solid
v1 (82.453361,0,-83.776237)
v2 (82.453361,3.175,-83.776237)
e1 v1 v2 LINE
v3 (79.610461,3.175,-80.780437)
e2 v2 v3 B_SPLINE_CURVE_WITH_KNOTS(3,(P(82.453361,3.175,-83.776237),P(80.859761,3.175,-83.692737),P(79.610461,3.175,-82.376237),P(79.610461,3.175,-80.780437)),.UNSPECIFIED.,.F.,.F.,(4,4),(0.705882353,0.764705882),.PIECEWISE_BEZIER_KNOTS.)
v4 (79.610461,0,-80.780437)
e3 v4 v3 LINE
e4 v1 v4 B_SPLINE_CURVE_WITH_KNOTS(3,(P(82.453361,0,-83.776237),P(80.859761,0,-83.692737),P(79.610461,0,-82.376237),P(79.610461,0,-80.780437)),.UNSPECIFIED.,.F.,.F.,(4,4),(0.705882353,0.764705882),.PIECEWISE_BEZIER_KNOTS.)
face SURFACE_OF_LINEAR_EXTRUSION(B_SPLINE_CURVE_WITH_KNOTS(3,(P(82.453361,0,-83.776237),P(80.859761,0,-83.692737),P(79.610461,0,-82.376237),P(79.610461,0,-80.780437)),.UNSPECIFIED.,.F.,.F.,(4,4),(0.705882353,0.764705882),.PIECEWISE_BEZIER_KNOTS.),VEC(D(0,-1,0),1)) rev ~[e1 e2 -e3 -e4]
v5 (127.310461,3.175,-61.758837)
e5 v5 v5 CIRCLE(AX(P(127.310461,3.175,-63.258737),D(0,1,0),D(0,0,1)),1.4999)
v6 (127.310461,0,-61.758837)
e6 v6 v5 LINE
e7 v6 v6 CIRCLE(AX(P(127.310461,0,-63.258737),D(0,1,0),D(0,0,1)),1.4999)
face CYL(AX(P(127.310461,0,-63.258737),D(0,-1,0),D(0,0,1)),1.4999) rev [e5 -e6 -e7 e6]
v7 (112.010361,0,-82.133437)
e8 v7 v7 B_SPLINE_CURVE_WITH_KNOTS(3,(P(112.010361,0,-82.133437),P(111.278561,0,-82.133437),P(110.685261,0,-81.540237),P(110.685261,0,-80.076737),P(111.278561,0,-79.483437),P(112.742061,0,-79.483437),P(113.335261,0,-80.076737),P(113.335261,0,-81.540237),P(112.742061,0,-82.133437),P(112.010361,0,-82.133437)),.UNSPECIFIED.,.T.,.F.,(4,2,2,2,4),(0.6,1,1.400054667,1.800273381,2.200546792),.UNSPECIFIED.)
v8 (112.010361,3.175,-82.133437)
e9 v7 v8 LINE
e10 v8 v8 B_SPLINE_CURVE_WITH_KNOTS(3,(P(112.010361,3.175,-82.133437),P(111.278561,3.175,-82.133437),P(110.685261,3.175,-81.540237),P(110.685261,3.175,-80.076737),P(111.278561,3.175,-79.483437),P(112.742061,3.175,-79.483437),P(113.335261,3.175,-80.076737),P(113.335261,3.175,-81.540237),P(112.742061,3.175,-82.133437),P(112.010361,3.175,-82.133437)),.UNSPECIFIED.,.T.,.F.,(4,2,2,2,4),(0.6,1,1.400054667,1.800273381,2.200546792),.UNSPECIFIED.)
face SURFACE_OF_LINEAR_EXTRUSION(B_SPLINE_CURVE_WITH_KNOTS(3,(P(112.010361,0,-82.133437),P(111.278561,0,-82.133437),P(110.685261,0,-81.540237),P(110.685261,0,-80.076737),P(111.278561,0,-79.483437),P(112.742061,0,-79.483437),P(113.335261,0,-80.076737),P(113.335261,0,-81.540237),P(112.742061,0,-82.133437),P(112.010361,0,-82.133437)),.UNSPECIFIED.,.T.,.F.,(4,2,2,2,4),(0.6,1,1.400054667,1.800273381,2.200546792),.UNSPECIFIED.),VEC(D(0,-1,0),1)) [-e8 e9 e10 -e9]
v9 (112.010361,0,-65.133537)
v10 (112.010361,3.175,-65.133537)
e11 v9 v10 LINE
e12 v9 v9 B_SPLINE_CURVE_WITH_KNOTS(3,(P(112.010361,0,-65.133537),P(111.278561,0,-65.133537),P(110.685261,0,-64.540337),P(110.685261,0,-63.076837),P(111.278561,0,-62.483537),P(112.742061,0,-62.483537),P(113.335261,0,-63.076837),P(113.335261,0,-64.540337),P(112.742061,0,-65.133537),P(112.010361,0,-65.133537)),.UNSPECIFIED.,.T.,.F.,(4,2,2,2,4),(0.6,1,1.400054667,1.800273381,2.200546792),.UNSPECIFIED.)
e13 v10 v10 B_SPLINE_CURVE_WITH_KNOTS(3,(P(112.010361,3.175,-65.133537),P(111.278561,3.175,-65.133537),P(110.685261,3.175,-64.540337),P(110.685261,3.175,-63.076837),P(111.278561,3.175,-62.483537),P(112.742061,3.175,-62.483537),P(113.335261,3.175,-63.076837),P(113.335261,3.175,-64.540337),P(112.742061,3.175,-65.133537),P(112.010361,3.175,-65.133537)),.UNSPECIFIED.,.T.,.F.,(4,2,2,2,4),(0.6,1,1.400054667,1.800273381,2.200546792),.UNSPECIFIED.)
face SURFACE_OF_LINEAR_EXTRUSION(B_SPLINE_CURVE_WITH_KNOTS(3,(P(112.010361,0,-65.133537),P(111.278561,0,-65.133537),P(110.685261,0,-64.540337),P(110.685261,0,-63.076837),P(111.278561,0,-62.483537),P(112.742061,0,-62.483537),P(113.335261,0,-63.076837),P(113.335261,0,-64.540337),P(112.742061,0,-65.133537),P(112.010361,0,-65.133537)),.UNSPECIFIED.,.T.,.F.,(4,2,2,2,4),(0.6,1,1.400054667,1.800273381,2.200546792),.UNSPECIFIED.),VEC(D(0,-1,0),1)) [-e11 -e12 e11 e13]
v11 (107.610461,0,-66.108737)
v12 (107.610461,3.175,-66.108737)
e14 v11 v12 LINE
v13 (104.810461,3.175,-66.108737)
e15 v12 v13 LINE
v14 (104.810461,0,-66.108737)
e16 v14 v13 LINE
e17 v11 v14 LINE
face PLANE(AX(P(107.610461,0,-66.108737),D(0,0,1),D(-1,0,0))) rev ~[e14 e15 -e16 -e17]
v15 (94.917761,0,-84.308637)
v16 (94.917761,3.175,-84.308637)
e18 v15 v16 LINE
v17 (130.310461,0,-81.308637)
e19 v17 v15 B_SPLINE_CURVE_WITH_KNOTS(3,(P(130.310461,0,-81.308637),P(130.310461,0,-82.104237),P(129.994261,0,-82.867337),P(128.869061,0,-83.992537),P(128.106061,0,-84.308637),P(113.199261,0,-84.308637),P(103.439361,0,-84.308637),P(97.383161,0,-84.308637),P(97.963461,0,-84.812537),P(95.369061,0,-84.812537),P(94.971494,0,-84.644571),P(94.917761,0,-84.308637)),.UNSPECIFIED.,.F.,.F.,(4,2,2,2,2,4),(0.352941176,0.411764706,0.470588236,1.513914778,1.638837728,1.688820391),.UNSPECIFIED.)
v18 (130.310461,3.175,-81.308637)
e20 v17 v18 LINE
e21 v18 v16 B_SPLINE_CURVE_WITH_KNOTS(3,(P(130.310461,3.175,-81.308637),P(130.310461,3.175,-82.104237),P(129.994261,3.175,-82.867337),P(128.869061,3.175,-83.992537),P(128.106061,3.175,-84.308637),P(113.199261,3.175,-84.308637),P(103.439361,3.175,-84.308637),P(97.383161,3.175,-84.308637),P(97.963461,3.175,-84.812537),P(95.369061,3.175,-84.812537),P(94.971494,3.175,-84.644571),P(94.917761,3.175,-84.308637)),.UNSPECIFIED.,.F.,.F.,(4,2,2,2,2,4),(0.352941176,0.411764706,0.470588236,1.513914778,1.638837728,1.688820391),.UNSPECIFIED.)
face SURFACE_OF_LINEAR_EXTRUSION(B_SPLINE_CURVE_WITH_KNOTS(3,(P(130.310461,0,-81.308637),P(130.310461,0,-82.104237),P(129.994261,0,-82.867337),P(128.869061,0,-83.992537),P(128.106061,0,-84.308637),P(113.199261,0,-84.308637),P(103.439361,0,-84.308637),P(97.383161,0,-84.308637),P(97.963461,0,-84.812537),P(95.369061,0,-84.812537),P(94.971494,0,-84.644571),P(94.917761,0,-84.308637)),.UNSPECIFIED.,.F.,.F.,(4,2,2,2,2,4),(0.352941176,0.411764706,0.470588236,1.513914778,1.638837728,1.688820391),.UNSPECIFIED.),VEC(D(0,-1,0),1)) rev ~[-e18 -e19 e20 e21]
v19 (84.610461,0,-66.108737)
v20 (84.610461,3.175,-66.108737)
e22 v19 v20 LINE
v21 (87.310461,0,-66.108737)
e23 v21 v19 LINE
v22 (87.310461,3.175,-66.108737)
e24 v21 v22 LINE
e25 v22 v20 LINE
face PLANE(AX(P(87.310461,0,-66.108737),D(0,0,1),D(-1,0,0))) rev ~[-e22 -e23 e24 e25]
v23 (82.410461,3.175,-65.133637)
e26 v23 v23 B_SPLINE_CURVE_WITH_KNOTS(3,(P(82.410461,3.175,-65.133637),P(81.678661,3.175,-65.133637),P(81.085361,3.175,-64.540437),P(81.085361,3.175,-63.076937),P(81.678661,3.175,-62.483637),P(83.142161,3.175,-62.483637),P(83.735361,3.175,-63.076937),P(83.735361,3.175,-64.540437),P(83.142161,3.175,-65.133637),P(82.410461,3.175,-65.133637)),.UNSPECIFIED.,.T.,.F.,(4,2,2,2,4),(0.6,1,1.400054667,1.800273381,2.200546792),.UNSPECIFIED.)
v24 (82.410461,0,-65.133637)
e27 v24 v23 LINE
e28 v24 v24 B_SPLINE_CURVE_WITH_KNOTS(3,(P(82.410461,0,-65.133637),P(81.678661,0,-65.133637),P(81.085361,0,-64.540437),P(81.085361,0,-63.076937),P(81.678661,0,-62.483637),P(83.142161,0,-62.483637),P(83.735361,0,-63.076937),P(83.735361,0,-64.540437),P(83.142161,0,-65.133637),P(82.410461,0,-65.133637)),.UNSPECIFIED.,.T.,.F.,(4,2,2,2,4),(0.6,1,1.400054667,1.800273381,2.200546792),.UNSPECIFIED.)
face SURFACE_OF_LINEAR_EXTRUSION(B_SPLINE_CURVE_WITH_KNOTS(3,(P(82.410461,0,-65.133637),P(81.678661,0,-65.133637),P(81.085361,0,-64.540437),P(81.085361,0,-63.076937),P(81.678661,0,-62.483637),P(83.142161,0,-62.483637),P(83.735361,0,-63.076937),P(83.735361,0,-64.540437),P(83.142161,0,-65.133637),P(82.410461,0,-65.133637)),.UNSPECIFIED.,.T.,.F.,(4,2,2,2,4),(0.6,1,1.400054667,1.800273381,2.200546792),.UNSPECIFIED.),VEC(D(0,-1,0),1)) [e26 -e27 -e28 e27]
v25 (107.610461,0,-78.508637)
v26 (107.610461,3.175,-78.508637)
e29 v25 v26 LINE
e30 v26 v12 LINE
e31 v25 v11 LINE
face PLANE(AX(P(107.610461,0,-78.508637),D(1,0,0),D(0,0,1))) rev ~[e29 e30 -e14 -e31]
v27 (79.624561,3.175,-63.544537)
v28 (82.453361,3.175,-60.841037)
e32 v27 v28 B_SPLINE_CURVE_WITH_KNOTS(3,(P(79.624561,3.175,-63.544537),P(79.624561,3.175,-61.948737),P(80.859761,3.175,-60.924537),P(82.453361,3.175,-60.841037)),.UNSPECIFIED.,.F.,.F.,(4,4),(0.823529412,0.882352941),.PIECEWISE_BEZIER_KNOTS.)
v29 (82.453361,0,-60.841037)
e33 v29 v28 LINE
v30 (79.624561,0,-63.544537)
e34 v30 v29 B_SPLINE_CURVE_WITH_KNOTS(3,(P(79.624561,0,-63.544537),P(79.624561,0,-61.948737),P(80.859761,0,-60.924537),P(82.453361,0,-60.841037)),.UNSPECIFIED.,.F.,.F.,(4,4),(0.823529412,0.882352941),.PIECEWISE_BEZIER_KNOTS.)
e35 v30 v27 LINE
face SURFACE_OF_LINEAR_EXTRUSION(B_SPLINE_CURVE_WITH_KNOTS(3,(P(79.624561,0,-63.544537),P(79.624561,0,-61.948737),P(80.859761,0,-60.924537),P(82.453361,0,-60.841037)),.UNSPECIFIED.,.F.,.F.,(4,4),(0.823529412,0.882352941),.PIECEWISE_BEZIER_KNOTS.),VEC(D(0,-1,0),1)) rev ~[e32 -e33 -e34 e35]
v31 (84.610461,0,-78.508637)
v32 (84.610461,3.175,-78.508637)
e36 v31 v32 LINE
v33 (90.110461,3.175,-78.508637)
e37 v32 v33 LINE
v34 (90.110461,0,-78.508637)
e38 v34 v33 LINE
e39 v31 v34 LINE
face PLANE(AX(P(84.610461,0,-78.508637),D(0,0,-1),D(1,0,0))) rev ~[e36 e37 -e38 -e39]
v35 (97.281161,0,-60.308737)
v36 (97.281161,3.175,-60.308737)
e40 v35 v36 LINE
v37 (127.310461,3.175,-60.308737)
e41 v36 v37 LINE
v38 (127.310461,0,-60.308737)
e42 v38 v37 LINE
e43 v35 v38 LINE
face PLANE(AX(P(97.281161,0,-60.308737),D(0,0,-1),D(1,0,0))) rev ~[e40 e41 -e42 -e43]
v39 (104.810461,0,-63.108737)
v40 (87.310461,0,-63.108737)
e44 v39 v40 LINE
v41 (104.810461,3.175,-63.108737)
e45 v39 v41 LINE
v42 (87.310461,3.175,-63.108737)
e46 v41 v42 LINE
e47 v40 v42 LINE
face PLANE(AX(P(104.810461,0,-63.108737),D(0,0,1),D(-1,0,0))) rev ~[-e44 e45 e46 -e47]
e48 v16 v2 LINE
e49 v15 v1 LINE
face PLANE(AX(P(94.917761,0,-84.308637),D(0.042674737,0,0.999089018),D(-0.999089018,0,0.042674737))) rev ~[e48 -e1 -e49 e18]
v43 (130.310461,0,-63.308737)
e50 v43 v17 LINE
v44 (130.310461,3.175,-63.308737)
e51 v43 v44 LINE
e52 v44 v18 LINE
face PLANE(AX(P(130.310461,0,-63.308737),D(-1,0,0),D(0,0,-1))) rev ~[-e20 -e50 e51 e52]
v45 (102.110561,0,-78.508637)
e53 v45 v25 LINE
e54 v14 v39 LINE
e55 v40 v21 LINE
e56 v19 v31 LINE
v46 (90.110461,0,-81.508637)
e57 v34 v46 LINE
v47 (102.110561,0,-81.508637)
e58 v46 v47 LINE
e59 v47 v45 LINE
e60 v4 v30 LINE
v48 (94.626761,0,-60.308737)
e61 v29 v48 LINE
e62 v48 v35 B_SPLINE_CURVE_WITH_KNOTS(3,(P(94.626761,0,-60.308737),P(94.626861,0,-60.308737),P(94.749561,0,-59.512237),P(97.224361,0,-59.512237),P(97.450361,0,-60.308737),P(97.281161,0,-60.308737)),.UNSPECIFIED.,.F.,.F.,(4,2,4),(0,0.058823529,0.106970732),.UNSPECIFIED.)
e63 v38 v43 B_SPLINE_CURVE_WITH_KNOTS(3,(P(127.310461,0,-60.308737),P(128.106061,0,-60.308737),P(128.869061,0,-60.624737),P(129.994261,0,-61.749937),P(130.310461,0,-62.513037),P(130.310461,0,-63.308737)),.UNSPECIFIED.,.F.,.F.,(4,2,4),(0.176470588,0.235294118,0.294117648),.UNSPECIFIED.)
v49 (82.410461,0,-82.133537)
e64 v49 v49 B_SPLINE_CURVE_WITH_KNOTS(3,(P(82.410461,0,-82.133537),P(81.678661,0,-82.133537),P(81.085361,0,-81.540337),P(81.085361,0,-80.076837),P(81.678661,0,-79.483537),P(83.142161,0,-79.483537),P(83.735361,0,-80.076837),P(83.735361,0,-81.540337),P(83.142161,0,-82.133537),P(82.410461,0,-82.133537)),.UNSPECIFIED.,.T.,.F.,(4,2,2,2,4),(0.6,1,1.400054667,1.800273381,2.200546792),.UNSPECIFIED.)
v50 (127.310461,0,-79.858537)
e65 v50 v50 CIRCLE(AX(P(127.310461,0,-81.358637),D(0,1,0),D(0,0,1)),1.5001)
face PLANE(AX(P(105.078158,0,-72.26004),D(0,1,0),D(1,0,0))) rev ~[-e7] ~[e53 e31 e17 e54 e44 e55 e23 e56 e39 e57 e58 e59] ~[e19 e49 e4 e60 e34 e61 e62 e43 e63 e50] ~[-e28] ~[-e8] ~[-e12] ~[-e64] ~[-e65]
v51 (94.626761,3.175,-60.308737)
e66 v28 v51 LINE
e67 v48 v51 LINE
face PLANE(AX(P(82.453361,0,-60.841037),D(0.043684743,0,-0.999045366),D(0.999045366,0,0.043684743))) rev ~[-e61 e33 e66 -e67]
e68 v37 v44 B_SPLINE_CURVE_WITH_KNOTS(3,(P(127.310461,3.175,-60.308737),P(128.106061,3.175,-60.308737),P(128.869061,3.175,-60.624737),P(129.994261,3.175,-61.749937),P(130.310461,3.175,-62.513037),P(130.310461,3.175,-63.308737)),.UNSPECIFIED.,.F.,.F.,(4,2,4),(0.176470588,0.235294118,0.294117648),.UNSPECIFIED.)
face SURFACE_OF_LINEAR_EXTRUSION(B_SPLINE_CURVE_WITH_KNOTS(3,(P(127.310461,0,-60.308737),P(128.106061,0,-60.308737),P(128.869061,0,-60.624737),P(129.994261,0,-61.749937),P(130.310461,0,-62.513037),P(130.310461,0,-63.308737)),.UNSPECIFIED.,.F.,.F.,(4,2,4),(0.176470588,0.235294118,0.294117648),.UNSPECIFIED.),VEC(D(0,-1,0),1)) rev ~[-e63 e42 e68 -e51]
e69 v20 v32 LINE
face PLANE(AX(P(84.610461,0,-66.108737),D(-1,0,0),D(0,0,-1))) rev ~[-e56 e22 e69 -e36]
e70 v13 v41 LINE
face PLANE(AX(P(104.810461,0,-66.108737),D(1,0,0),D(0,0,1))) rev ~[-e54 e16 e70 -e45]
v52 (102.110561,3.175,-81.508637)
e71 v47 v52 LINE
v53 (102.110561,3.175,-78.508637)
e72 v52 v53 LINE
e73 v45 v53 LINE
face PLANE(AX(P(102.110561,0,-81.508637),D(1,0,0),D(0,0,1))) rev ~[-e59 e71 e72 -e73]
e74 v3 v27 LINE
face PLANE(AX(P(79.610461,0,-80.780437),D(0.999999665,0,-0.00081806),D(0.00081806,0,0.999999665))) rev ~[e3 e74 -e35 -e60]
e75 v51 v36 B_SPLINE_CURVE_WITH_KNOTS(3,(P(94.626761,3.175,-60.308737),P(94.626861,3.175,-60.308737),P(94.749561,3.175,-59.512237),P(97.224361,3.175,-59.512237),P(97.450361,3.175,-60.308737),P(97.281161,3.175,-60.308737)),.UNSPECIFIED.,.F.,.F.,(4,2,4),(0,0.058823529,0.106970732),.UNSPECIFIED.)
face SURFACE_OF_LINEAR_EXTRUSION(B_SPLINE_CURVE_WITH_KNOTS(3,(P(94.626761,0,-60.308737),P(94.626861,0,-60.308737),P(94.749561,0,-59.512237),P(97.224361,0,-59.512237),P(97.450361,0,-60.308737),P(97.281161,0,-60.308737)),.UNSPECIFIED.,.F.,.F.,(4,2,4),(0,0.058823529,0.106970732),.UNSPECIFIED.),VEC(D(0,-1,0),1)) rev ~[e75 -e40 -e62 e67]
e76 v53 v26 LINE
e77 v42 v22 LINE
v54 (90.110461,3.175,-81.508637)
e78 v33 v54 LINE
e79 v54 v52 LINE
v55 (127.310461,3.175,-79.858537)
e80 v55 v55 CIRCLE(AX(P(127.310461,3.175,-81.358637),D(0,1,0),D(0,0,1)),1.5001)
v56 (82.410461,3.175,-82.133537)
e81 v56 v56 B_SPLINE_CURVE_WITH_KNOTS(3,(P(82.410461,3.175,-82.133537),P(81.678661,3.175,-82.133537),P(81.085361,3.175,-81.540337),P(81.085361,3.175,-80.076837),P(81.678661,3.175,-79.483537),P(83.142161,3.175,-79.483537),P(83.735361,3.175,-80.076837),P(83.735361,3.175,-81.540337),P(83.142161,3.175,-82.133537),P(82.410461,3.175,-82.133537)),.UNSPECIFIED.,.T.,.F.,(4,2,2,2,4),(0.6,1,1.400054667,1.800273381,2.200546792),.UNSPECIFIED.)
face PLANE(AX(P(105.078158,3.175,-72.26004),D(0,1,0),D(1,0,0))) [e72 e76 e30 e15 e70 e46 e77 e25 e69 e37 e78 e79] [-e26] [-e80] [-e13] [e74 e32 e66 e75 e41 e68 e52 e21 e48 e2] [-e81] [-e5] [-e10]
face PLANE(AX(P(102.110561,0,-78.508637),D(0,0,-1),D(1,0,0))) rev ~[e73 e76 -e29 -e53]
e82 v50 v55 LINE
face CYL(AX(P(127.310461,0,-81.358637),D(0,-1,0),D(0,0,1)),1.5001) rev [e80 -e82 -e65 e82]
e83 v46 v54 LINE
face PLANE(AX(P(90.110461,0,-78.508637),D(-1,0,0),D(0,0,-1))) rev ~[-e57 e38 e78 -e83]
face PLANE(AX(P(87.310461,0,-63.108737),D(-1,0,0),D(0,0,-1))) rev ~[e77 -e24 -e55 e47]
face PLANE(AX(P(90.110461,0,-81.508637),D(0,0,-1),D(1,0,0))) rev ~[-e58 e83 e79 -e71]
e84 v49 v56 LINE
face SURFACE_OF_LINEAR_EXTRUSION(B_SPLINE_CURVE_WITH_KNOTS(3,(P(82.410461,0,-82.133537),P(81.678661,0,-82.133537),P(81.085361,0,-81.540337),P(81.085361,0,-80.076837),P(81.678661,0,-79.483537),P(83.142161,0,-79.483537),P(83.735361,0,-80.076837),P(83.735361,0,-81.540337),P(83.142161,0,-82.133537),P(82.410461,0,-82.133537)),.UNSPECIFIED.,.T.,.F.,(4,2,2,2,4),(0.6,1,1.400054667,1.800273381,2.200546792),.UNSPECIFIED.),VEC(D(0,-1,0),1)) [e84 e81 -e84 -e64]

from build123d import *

# Parameters (mm, degrees)
SKETCH2_R           = 1.5001
SKETCH2_R_2         = 1.4999
BOSS_EXTRUDE1_DEPTH = 3.175


with BuildPart() as part:
    # Sketch2 → Boss-Extrude1 (new body)
    with BuildSketch(Plane(origin=(0, 0, 0), x_dir=(1, 0, 0), z_dir=(0, 1, 0))):
        with BuildLine():
            Line((97.281160584, 60.308737226), (127.310460584, 60.308737226))
            add(Edge.make_bspline(
                [(127.310460584, 60.308737226), (128.106060584, 60.308737226), (128.869060584, 60.624737226), (129.431660584, 61.187337226)],
                knots=[0.176470588, 0.176470588, 0.176470588, 0.176470588, 0.235294118, 0.235294118, 0.235294118, 0.235294118], degree=3))
            add(Edge.make_bspline(
                [(129.431660584, 61.187337226), (129.994260584, 61.749937226), (130.310460584, 62.513037226), (130.310460584, 63.308737226)],
                knots=[0.235294118, 0.235294118, 0.235294118, 0.235294118, 0.294117647, 0.294117647, 0.294117647, 0.294117647], degree=3))
            Line((130.310460584, 63.308737226), (130.310460584, 81.308637226))
            add(Edge.make_bspline(
                [(130.310460584, 81.308637226), (130.310460584, 82.104237226), (129.994260584, 82.867337226), (129.431660584, 83.429937226)],
                knots=[0.352941176, 0.352941176, 0.352941176, 0.352941176, 0.411764706, 0.411764706, 0.411764706, 0.411764706], degree=3))
            add(Edge.make_bspline(
                [(129.431660584, 83.429937226), (128.869060584, 83.992537226), (128.106060584, 84.308637226), (127.310460584, 84.308637226)],
                knots=[0.411764706, 0.411764706, 0.411764706, 0.411764706, 0.470588235, 0.470588235, 0.470588235, 0.470588235], degree=3))
            add(Edge.make_bspline(
                [(127.310460584, 84.308637226), (106.143660584, 84.308637226), (98.030760584, 84.308637226)],
                knots=[0.470588235, 0.470588235, 0.470588235, 0.529411765, 0.529411765, 0.529411765], degree=2))
            add(Edge.make_bspline(
                [(98.030760584, 84.308637226), (97.383160584, 84.308637226), (97.963460584, 84.812537226), (96.110460584, 84.812537226)],
                knots=[0.529411765, 0.529411765, 0.529411765, 0.529411765, 0.588235294, 0.588235294, 0.588235294, 0.588235294], degree=3))
            add(Edge.make_bspline(
                [(96.110460584, 84.812537226), (94.998360584, 84.812537226), (94.917760584, 84.308637226)],
                knots=[0.588235294, 0.588235294, 0.588235294, 0.647058824, 0.647058824, 0.647058824], degree=2))
            Line((94.917760584, 84.308637226), (82.453360584, 83.776237226))
            add(Edge.make_bspline(
                [(82.453360584, 83.776237226), (80.859760584, 83.692737226), (79.610460584, 82.376237226), (79.610460584, 80.780437226)],
                knots=[0.705882353, 0.705882353, 0.705882353, 0.705882353, 0.764705882, 0.764705882, 0.764705882, 0.764705882], degree=3))
            Line((79.610460584, 80.780437226), (79.624560584, 63.544537226))
            add(Edge.make_bspline(
                [(79.624560584, 63.544537226), (79.624560584, 61.948737226), (80.859760584, 60.924537226), (82.453360584, 60.841037226)],
                knots=[0.823529412, 0.823529412, 0.823529412, 0.823529412, 0.882352941, 0.882352941, 0.882352941, 0.882352941], degree=3))
            Line((82.453360584, 60.841037226), (94.626760584, 60.308737226))
            add(Edge.make_bspline(
                [(94.626760584, 60.308737226), (94.626860584, 60.308737226), (94.749560584, 59.512237226), (96.110460584, 59.512237226)],
                knots=[0, 0, 0, 0, 0.058823529, 0.058823529, 0.058823529, 0.058823529], degree=3))
            add(Edge.make_bspline(
                [(96.110460584, 59.512237226), (97.224360584, 59.512237226), (97.450360584, 60.308737226), (97.281160584, 60.308737226)],
                knots=[0.058823529, 0.058823529, 0.058823529, 0.058823529, 0.117647059, 0.117647059, 0.117647059, 0.117647059], degree=3))
        make_face()
        with Locations(Location((127.310460584, 81.358637226, 0), (0, 0, 270))):
            Circle(SKETCH2_R, mode=Mode.SUBTRACT)
        with Locations(Location((127.310460584, 63.258737226, 0), (0, 0, 270))):
            Circle(SKETCH2_R_2, mode=Mode.SUBTRACT)
        Polygon((104.860460584, 66.108737226), (104.810460584, 66.108737226), (104.810460584, 63.108737226), (87.310460584, 63.108737226), (87.310460584, 66.108737226), (84.610460584, 66.108737226), (84.610460584, 78.508637226), (90.110460584, 78.508637226), (90.110460584, 81.508637226), (102.110560584, 81.508637226), (102.110560584, 78.508637226), (107.610460584, 78.508637226), (107.610460584, 66.108737226), align=None, mode=Mode.SUBTRACT)
        with BuildLine():
            add(Edge.make_bspline(
                [(81.085360584, 63.808737226), (81.085360584, 63.076937226), (81.678660584, 62.483637226), (82.410260584, 62.483637226)],
                knots=[0, 0, 0, 0, 0.2, 0.2, 0.2, 0.2], degree=3))
            add(Edge.make_bspline(
                [(82.410260584, 62.483637226), (83.142160584, 62.483637226), (83.735360584, 63.076937226), (83.735360584, 63.808637226)],
                knots=[0.2, 0.2, 0.2, 0.2, 0.4, 0.4, 0.4, 0.4], degree=3))
            add(Edge.make_bspline(
                [(83.735360584, 63.808637226), (83.735360584, 64.540437226), (83.142160584, 65.133637226), (82.410460584, 65.133637226)],
                knots=[0.4, 0.4, 0.4, 0.4, 0.6, 0.6, 0.6, 0.6], degree=3))
            add(Edge.make_bspline(
                [(82.410460584, 65.133637226), (81.678660584, 65.133637226), (81.085360584, 64.540437226), (81.085360584, 63.808737226)],
                knots=[0.6, 0.6, 0.6, 0.6, 1, 1, 1, 1], degree=3))
        make_face(mode=Mode.SUBTRACT)
        with BuildLine():
            add(Edge.make_bspline(
                [(81.085360584, 80.808637226), (81.085360584, 80.076837226), (81.678660584, 79.483537226), (82.410260584, 79.483537226)],
                knots=[0, 0, 0, 0, 0.2, 0.2, 0.2, 0.2], degree=3))
            add(Edge.make_bspline(
                [(82.410260584, 79.483537226), (83.142160584, 79.483537226), (83.735360584, 80.076837226), (83.735360584, 80.808537226)],
                knots=[0.2, 0.2, 0.2, 0.2, 0.4, 0.4, 0.4, 0.4], degree=3))
            add(Edge.make_bspline(
                [(83.735360584, 80.808537226), (83.735360584, 81.540337226), (83.142160584, 82.133537226), (82.410460584, 82.133537226)],
                knots=[0.4, 0.4, 0.4, 0.4, 0.6, 0.6, 0.6, 0.6], degree=3))
            add(Edge.make_bspline(
                [(82.410460584, 82.133537226), (81.678660584, 82.133537226), (81.085360584, 81.540337226), (81.085360584, 80.808637226)],
                knots=[0.6, 0.6, 0.6, 0.6, 1, 1, 1, 1], degree=3))
        make_face(mode=Mode.SUBTRACT)
        with BuildLine():
            add(Edge.make_bspline(
                [(110.685260584, 63.808637226), (110.685260584, 63.076837226), (111.278560584, 62.483537226), (112.010160584, 62.483537226)],
                knots=[0, 0, 0, 0, 0.2, 0.2, 0.2, 0.2], degree=3))
            add(Edge.make_bspline(
                [(112.010160584, 62.483537226), (112.742060584, 62.483537226), (113.335260584, 63.076837226), (113.335260584, 63.808537226)],
                knots=[0.2, 0.2, 0.2, 0.2, 0.4, 0.4, 0.4, 0.4], degree=3))
            add(Edge.make_bspline(
                [(113.335260584, 63.808537226), (113.335260584, 64.540337226), (112.742060584, 65.133537226), (112.010360584, 65.133537226)],
                knots=[0.4, 0.4, 0.4, 0.4, 0.6, 0.6, 0.6, 0.6], degree=3))
            add(Edge.make_bspline(
                [(112.010360584, 65.133537226), (111.278560584, 65.133537226), (110.685260584, 64.540337226), (110.685260584, 63.808637226)],
                knots=[0.6, 0.6, 0.6, 0.6, 1, 1, 1, 1], degree=3))
        make_face(mode=Mode.SUBTRACT)
        with BuildLine():
            add(Edge.make_bspline(
                [(110.685260584, 80.808537226), (110.685260584, 80.076737226), (111.278560584, 79.483437226), (112.010160584, 79.483437226)],
                knots=[0, 0, 0, 0, 0.2, 0.2, 0.2, 0.2], degree=3))
            add(Edge.make_bspline(
                [(112.010160584, 79.483437226), (112.742060584, 79.483437226), (113.335260584, 80.076737226), (113.335260584, 80.808437226)],
                knots=[0.2, 0.2, 0.2, 0.2, 0.4, 0.4, 0.4, 0.4], degree=3))
            add(Edge.make_bspline(
                [(113.335260584, 80.808437226), (113.335260584, 81.540237226), (112.742060584, 82.133437226), (112.010360584, 82.133437226)],
                knots=[0.4, 0.4, 0.4, 0.4, 0.6, 0.6, 0.6, 0.6], degree=3))
            add(Edge.make_bspline(
                [(112.010360584, 82.133437226), (111.278560584, 82.133437226), (110.685260584, 81.540237226), (110.685260584, 80.808537226)],
                knots=[0.6, 0.6, 0.6, 0.6, 1, 1, 1, 1], degree=3))
        make_face(mode=Mode.SUBTRACT)
    extrude(amount=BOSS_EXTRUDE1_DEPTH)


solid = part.part
